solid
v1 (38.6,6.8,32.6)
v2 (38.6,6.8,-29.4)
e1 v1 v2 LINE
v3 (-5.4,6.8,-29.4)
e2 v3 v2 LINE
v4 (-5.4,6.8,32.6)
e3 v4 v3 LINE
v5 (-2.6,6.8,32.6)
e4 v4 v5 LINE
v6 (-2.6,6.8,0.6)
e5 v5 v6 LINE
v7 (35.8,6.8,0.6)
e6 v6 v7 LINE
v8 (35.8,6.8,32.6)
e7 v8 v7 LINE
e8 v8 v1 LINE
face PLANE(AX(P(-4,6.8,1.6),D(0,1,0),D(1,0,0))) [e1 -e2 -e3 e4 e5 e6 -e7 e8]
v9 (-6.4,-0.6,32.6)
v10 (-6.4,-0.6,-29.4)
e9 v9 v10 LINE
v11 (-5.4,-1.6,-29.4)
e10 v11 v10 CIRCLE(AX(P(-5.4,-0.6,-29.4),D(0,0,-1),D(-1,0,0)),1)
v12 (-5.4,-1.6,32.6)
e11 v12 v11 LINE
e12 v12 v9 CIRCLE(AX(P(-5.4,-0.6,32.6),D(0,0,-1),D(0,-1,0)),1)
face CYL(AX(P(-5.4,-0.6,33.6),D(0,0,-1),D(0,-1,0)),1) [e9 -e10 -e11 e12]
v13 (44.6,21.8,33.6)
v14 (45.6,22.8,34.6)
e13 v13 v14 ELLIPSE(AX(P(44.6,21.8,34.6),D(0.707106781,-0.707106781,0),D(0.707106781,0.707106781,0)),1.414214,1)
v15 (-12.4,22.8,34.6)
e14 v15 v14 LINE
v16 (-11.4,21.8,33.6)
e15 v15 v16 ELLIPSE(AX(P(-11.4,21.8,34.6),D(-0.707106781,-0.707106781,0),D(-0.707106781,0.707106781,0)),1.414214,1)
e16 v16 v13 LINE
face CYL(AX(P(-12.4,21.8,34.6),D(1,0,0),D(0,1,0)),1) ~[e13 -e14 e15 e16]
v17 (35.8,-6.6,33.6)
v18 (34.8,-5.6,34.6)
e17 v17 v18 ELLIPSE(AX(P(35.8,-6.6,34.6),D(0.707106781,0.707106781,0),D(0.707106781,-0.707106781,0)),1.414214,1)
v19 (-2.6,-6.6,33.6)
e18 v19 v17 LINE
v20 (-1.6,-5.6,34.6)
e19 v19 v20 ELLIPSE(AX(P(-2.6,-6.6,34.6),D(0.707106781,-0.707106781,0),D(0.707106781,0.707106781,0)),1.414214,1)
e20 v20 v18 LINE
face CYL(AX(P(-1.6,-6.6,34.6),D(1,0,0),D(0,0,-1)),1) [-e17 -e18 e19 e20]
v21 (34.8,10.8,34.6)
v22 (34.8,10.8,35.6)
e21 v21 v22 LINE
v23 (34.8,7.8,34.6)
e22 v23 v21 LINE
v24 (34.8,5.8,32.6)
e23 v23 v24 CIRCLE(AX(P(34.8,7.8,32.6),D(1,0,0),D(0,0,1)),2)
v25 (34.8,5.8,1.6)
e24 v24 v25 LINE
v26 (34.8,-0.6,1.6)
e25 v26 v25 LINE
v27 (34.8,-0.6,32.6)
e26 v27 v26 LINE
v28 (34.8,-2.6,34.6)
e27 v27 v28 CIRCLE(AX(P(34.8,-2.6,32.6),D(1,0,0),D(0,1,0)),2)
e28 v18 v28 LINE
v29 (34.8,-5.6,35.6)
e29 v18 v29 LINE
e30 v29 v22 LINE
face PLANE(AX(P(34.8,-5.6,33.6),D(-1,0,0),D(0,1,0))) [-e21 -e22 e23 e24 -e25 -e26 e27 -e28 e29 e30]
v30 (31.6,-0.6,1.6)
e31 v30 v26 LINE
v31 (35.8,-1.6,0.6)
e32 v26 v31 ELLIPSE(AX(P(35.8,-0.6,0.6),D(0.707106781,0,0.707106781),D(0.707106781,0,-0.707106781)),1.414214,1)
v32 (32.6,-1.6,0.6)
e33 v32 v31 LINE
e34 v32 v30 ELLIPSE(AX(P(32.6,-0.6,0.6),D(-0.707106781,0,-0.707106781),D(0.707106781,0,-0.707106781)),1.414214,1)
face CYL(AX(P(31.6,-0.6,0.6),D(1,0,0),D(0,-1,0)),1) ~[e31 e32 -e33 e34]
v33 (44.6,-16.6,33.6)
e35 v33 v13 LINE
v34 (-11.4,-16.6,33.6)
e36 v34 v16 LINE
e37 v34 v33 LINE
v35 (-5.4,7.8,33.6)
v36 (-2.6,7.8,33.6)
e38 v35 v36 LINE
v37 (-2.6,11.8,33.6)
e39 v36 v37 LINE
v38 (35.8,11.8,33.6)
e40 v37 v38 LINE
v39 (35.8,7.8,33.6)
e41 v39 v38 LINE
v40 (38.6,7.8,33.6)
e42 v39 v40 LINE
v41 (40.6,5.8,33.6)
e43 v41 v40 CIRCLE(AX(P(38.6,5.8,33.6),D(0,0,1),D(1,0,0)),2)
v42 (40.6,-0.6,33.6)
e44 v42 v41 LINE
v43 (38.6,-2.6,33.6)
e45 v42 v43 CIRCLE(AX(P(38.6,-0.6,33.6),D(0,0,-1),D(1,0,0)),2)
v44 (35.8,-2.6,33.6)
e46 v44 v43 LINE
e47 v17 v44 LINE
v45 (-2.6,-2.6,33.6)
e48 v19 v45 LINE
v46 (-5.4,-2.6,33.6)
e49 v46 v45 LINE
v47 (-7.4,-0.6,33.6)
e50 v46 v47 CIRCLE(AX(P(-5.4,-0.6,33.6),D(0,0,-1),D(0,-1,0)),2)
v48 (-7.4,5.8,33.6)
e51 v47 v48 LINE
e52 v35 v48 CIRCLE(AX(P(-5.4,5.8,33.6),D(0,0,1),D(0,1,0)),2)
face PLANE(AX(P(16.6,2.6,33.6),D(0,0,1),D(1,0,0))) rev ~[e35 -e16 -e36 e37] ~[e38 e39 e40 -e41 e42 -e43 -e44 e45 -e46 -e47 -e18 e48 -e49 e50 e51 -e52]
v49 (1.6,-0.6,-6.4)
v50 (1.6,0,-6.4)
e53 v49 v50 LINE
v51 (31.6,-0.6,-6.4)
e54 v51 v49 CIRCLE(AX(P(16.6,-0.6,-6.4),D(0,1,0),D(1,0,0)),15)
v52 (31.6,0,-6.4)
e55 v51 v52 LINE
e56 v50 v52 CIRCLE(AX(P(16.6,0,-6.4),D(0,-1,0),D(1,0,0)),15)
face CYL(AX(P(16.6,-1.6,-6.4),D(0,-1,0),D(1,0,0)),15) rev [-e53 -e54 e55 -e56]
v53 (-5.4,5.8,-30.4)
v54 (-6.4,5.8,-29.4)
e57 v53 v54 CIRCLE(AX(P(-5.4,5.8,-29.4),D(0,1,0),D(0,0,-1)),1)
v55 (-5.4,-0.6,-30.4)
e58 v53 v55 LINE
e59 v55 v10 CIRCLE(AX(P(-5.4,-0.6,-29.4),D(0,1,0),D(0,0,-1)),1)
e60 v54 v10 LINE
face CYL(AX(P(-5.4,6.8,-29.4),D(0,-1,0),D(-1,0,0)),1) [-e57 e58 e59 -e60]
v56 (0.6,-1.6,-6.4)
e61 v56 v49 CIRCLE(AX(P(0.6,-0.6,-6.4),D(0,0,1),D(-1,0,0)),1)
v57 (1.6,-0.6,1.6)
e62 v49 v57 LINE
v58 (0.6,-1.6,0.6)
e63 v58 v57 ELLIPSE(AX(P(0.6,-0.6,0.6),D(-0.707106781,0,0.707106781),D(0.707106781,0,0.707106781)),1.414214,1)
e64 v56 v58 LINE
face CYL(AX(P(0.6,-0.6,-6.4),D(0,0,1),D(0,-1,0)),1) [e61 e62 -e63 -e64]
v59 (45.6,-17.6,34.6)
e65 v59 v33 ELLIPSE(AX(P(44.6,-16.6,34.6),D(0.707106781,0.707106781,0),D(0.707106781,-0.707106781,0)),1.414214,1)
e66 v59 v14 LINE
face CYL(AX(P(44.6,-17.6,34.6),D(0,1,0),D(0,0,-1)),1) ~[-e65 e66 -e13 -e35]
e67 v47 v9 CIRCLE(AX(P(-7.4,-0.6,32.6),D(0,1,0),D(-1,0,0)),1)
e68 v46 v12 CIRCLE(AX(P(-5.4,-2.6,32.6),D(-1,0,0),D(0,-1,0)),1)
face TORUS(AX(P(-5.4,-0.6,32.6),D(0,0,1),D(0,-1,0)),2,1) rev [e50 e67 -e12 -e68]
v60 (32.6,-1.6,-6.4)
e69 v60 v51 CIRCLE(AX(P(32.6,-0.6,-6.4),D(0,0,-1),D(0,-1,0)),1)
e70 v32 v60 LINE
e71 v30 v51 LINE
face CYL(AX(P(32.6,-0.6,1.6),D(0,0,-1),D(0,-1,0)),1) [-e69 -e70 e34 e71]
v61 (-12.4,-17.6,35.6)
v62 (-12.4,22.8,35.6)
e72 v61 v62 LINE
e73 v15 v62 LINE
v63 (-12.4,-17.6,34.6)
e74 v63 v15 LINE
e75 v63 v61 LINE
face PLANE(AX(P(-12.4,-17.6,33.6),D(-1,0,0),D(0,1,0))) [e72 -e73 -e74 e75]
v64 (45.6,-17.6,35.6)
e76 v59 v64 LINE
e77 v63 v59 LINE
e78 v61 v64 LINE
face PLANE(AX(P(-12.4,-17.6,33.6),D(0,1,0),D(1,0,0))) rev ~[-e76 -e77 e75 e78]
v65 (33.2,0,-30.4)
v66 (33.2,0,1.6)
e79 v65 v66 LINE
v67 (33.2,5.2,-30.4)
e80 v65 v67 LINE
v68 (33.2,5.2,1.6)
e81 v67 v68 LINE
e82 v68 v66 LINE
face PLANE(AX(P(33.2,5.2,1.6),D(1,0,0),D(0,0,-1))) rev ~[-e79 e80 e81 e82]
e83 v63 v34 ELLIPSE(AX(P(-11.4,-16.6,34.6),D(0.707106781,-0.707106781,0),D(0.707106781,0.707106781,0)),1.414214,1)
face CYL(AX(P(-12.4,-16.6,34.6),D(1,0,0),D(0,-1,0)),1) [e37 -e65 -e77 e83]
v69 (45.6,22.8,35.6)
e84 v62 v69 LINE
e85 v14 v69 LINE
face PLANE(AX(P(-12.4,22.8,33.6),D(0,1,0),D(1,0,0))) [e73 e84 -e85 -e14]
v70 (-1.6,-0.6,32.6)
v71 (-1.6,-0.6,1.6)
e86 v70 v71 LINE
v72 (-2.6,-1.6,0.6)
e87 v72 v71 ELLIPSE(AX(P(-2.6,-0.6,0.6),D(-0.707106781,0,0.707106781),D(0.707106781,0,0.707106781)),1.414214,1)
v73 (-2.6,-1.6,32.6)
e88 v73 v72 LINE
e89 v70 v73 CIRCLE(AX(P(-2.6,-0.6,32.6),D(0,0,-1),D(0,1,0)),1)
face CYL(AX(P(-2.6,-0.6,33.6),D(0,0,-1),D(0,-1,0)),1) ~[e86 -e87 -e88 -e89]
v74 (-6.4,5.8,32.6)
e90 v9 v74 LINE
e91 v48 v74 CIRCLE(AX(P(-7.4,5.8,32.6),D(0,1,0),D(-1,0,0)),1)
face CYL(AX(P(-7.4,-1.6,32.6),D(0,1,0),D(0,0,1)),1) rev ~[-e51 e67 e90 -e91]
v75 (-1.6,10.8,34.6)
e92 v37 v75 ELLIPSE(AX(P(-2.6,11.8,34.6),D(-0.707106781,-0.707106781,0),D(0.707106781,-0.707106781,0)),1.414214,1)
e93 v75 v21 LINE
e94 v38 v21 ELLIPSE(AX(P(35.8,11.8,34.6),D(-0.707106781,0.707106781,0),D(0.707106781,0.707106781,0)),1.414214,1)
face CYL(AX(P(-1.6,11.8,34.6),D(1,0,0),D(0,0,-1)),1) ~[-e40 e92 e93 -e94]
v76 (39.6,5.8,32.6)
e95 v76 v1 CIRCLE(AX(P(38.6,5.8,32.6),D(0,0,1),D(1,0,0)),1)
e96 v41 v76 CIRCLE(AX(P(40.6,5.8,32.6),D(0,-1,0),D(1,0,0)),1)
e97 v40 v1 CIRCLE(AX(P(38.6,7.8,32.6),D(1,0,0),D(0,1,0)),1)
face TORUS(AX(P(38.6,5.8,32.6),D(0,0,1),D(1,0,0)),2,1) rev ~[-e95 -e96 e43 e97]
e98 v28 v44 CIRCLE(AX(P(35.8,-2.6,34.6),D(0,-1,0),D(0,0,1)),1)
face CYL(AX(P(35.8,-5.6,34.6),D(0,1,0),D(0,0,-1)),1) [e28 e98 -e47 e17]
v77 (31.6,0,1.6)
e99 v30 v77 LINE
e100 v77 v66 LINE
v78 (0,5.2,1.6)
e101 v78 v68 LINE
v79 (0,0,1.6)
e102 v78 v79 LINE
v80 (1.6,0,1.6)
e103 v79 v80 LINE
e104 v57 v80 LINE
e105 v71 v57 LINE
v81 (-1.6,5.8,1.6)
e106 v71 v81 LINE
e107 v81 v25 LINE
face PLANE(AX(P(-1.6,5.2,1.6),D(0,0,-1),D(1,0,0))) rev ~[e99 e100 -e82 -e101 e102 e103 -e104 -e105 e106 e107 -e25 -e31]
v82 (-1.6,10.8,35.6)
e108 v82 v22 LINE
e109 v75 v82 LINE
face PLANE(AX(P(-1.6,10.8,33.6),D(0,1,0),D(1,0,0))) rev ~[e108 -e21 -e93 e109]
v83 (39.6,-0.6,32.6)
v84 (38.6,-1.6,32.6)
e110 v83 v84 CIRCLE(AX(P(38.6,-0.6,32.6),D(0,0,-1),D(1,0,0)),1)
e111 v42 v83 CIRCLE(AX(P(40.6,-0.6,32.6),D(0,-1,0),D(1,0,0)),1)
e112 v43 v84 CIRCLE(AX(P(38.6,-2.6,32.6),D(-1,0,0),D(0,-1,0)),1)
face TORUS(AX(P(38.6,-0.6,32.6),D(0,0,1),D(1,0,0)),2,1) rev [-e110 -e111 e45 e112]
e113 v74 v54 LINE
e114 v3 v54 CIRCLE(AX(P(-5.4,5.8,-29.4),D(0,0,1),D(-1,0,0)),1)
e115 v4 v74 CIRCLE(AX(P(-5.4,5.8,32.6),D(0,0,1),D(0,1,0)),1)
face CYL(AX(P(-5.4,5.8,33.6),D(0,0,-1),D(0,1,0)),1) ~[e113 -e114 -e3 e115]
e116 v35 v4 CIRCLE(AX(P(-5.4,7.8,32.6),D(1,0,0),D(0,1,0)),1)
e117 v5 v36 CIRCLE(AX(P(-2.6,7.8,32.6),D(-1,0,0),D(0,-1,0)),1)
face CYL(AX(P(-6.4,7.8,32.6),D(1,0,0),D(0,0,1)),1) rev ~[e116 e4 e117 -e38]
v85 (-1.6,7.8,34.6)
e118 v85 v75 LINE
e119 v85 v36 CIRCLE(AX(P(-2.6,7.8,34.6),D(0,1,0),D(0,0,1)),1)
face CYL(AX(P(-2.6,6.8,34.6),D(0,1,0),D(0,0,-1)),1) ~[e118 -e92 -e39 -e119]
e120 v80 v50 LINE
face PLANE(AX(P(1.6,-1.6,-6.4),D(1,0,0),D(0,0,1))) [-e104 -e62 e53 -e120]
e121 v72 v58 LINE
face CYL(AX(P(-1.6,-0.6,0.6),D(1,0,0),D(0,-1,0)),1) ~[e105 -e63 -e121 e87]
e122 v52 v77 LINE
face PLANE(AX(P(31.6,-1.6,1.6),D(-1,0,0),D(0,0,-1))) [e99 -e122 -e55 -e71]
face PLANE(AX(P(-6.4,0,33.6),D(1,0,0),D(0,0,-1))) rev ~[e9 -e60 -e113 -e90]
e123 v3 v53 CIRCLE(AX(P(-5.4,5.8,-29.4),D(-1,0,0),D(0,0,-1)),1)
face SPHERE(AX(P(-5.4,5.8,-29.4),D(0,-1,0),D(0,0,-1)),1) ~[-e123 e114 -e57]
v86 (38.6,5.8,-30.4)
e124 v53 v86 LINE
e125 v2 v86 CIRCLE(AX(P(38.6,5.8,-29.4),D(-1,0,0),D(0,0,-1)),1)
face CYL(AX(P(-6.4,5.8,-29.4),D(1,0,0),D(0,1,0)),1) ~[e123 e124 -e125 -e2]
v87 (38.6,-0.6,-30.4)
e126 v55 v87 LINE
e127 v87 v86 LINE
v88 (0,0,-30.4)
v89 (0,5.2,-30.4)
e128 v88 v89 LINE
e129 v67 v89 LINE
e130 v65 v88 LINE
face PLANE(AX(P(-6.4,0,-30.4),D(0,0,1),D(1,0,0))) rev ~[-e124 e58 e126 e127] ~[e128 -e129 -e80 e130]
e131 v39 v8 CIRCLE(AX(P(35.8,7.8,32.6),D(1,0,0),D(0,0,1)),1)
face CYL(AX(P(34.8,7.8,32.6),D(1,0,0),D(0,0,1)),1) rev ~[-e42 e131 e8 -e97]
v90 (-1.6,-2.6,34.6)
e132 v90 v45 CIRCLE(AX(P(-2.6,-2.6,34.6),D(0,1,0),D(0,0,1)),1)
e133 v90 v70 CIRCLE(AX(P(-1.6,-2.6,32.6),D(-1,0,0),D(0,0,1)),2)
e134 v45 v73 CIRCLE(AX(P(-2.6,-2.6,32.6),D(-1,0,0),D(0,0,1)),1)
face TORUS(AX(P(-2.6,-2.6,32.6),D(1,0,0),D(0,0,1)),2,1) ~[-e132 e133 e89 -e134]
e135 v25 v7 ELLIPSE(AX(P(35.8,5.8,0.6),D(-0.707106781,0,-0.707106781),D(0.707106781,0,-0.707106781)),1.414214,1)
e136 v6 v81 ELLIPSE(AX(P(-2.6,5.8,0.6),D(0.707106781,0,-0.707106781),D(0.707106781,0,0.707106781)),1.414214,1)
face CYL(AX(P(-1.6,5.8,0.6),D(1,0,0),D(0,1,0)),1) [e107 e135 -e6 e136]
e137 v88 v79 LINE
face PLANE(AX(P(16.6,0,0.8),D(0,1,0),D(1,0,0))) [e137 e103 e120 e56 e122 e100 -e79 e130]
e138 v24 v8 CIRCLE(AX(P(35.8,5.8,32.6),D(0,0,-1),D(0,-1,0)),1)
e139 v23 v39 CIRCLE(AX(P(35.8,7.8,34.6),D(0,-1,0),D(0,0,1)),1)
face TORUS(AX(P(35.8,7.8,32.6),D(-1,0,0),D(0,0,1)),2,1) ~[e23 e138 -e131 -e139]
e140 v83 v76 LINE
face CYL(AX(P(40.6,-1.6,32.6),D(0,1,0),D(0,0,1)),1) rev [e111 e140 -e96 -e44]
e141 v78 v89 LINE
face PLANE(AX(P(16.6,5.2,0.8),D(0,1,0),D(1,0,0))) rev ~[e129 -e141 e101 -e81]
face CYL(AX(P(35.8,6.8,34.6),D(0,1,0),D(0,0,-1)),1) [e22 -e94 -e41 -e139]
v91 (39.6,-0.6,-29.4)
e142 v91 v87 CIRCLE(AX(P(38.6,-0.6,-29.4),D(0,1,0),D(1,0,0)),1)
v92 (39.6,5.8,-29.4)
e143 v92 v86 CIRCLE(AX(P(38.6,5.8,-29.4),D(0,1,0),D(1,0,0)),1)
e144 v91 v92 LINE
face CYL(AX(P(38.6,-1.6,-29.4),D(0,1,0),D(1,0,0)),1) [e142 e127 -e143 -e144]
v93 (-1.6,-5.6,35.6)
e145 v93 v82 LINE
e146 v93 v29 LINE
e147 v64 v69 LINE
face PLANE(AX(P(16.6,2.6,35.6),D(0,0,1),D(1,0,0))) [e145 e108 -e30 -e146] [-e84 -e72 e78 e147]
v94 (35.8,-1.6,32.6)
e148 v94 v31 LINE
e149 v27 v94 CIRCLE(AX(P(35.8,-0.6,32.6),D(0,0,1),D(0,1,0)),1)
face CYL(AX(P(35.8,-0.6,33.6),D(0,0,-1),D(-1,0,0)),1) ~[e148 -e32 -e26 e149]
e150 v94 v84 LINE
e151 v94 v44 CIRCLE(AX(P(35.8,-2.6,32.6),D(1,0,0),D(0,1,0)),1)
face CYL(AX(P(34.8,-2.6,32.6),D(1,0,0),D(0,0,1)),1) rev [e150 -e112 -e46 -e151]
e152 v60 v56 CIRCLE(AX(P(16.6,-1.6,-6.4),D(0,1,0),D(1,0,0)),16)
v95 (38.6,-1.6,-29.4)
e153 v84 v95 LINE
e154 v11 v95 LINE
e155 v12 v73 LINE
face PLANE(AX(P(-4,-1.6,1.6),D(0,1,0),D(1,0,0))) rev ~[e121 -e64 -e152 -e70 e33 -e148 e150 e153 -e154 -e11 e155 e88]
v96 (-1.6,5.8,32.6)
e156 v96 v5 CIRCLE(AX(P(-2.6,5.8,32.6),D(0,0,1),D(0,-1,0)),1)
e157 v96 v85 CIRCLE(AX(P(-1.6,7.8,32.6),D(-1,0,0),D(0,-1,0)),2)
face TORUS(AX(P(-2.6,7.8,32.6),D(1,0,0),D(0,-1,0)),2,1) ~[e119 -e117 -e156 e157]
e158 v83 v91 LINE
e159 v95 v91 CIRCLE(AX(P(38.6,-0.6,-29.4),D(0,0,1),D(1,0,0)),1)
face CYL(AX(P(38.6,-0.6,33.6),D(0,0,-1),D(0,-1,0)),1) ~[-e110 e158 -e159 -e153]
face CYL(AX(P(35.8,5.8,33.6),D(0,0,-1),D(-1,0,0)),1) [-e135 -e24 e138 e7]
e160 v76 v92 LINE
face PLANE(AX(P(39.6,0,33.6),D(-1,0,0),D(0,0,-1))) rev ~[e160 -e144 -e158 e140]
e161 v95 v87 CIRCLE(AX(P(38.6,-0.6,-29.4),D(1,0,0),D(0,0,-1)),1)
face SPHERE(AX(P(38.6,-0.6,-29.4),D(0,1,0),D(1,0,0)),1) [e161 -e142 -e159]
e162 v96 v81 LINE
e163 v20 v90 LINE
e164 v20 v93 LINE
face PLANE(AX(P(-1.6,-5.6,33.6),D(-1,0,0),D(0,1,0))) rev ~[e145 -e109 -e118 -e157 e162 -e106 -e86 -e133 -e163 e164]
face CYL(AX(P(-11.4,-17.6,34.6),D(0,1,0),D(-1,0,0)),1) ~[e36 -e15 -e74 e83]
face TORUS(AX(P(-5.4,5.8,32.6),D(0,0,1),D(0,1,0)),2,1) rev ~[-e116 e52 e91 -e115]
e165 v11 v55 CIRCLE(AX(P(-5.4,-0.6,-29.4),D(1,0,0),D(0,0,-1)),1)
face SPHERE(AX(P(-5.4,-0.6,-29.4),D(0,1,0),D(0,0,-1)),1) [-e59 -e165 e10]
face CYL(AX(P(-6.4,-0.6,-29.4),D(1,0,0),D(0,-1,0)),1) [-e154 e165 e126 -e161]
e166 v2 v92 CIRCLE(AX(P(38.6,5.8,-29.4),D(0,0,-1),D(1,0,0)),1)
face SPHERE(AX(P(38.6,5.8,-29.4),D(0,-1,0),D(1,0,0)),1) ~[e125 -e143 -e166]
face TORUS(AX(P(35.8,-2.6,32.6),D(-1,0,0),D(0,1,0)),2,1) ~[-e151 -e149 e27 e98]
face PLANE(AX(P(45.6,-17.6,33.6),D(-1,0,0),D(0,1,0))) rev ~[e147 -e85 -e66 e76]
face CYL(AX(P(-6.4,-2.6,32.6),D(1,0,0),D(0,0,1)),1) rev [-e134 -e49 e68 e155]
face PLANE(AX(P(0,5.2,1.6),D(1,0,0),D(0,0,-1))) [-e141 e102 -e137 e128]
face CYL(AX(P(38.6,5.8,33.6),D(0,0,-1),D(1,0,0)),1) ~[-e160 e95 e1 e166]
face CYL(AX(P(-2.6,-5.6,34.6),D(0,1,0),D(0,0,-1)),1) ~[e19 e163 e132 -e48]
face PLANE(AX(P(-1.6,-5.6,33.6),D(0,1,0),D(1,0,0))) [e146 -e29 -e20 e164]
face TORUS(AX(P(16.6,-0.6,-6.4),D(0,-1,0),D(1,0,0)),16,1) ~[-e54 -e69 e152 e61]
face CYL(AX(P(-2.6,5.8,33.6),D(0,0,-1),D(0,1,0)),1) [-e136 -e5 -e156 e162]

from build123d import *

# Parameters (mm, degrees)
SKETCH1_W                = 36.4
SKETCH1_H                = 75.6
SKETCH1_W_2              = 33.2
SKETCH1_H_2              = 72.4
BOSS_EXTRUDE1_DEPTH      = 5.2
SKETCH2_W                = 36.4
SKETCH2_H                = 75.6
BOSS_EXTRUDE2_DEPTH      = 1.6
BOSS_EXTRUDE3_START      = 5.2
SKETCH2_2_W              = 36.4
SKETCH2_2_H              = 75.6
BOSS_EXTRUDE3_DEPTH      = 1.6
CUT_EXTRUDE1_START       = -1.6
SKETCH3_W                = 33.2
SKETCH3_H                = 1.6
CUT_EXTRUDE1_DEPTH       = 5.2
CUT_EXTRUDE2_DEPTH       = 2
BOSS_EXTRUDE5_DEPTH      = 6.8
BOSS_EXTRUDE5_DEPTH_BACK = 1.6
SKETCH6_W                = 4.8
SKETCH6_H                = 64
SKETCH7_W                = 36.4
SKETCH7_H                = 43.6
CUT_EXTRUDE3_DEPTH       = 12
SKETCH8_W                = 58
SKETCH8_H                = 40.4
SKETCH8_W_2              = 36.4
SKETCH8_H_2              = 16.4
BOSS_EXTRUDE6_DEPTH      = 2
FILLET2_R                = 1


with BuildPart() as part:
    # Sketch1 → Boss-Extrude1 (new body)
    with BuildSketch(Plane(origin=(0, 0, 0), x_dir=(1, 0, 0), z_dir=(0, 1, 0))):
        with Locations((16.6, 36.2)):
            Rectangle(SKETCH1_W, SKETCH1_H)
        with Locations((16.6, 36.2)):
            Rectangle(SKETCH1_W_2, SKETCH1_H_2, mode=Mode.SUBTRACT)
    extrude(amount=BOSS_EXTRUDE1_DEPTH)

    # Sketch2 → Boss-Extrude2 (add)
    with BuildSketch(Plane(origin=(0, 0, 0), x_dir=(1, 0, 0), z_dir=(0, 1, 0))):
        with Locations((16.6, 36.2)):
            Rectangle(SKETCH2_W, SKETCH2_H)
    extrude(amount=-BOSS_EXTRUDE2_DEPTH)

    # Sketch2<2> → Boss-Extrude3 (add)
    with BuildSketch(Plane(origin=(0, 0, 0), x_dir=(1, 0, 0), z_dir=(0, 1, 0)).offset(BOSS_EXTRUDE3_START)):
        with Locations((16.6, 36.2)):
            Rectangle(SKETCH2_2_W, SKETCH2_2_H)
    extrude(amount=BOSS_EXTRUDE3_DEPTH)

    # Sketch3 → Cut-Extrude1 (cut)
    with BuildSketch(Plane(origin=(0, 6.8, 0), x_dir=(1, 0, 0), z_dir=(0, 1, 0)).offset(CUT_EXTRUDE1_START)):
        with Locations((16.6, -0.8)):
            Rectangle(SKETCH3_W, SKETCH3_H)
    extrude(amount=-CUT_EXTRUDE1_DEPTH, mode=Mode.SUBTRACT)

    # Sketch5 → Cut-Extrude2 (cut)
    with BuildSketch(Plane.XZ.offset(1.6)):
        with BuildLine():
            Line((1.6, 1.6), (31.6, 1.6))
            Line((31.6, 1.6), (31.6, -6.4))
            ThreePointArc((31.6, -6.4), (16.6, -21.4), (1.6, -6.4))
            Line((1.6, -6.4), (1.6, 1.6))
        make_face()
    extrude(amount=-CUT_EXTRUDE2_DEPTH, mode=Mode.SUBTRACT)

    # Sketch6 → Boss-Extrude5 (add, two sides: drawn at the far end of the back side and taken through both)
    with BuildSketch(Plane(origin=(0, 0, 0), x_dir=(1, 0, 0), z_dir=(0, 1, 0)).offset(-BOSS_EXTRUDE5_DEPTH_BACK)):
        with Locations((-4, -1.6)):
            Rectangle(SKETCH6_W, SKETCH6_H)
        with Locations((37.2, -1.6)):
            Rectangle(SKETCH6_W, SKETCH6_H)
    extrude(amount=BOSS_EXTRUDE5_DEPTH + BOSS_EXTRUDE5_DEPTH_BACK)

    # Sketch7 → Cut-Extrude3 (cut)
    with BuildSketch(Plane.XZ.offset(1.6)):
        with Locations((16.6, -52.2)):
            Rectangle(SKETCH7_W, SKETCH7_H)
    extrude(amount=-CUT_EXTRUDE3_DEPTH, mode=Mode.SUBTRACT)

    # Sketch8 → Boss-Extrude6 (add)
    with BuildSketch(Plane.XY.offset(33.6)):
        with Locations((16.6, 2.6)):
            Rectangle(SKETCH8_W, SKETCH8_H)
        with Locations((16.6, 2.6)):
            Rectangle(SKETCH8_W_2, SKETCH8_H_2, mode=Mode.SUBTRACT)
    extrude(amount=BOSS_EXTRUDE6_DEPTH)

    # Fillet2
    fillet2_edges = [part.edges().sort_by_distance(p)[0] for p in [
        (16.6, -17.6, 33.6),
        (45.6, 2.6, 33.6),
        (16.6, 22.8, 33.6),
        (-12.4, 2.6, 33.6),
        (-1.6, 8.8, 33.6),
        (16.6, 10.8, 33.6),
        (34.8, 8.8, 33.6),
        (34.8, -3.6, 33.6),
        (16.6, -5.6, 33.6),
        (-1.6, -3.6, 33.6),
        (37.2, 6.8, 33.6),
        (34.8, 6.8, 17.6),
        (16.6, 6.8, 1.6),
        (-1.6, 6.8, 17.6),
        (-4, 6.8, 33.6),
        (16.6, 6.8, -30.4),
        (39.6, 2.6, 33.6),
        (39.6, 6.8, 1.6),
        (39.6, 2.6, -30.4),
        (-4, -1.6, 33.6),
        (-1.6, -1.6, 17.6),
        (0, -1.6, 1.6),
        (1.6, -1.6, -2.4),
        (16.6, -1.6, -21.4),
        (31.6, -1.6, -2.4),
        (33.2, -1.6, 1.6),
        (34.8, -1.6, 17.6),
        (37.2, -1.6, 33.6),
        (39.6, -1.6, 1.6),
        (16.6, -1.6, -30.4),
        (-6.4, -1.6, 1.6),
        (-6.4, 2.6, -30.4),
        (-6.4, 6.8, 1.6),
        (-6.4, 2.6, 33.6),
    ]]
    fillet(fillet2_edges, radius=FILLET2_R)


solid = part.part
